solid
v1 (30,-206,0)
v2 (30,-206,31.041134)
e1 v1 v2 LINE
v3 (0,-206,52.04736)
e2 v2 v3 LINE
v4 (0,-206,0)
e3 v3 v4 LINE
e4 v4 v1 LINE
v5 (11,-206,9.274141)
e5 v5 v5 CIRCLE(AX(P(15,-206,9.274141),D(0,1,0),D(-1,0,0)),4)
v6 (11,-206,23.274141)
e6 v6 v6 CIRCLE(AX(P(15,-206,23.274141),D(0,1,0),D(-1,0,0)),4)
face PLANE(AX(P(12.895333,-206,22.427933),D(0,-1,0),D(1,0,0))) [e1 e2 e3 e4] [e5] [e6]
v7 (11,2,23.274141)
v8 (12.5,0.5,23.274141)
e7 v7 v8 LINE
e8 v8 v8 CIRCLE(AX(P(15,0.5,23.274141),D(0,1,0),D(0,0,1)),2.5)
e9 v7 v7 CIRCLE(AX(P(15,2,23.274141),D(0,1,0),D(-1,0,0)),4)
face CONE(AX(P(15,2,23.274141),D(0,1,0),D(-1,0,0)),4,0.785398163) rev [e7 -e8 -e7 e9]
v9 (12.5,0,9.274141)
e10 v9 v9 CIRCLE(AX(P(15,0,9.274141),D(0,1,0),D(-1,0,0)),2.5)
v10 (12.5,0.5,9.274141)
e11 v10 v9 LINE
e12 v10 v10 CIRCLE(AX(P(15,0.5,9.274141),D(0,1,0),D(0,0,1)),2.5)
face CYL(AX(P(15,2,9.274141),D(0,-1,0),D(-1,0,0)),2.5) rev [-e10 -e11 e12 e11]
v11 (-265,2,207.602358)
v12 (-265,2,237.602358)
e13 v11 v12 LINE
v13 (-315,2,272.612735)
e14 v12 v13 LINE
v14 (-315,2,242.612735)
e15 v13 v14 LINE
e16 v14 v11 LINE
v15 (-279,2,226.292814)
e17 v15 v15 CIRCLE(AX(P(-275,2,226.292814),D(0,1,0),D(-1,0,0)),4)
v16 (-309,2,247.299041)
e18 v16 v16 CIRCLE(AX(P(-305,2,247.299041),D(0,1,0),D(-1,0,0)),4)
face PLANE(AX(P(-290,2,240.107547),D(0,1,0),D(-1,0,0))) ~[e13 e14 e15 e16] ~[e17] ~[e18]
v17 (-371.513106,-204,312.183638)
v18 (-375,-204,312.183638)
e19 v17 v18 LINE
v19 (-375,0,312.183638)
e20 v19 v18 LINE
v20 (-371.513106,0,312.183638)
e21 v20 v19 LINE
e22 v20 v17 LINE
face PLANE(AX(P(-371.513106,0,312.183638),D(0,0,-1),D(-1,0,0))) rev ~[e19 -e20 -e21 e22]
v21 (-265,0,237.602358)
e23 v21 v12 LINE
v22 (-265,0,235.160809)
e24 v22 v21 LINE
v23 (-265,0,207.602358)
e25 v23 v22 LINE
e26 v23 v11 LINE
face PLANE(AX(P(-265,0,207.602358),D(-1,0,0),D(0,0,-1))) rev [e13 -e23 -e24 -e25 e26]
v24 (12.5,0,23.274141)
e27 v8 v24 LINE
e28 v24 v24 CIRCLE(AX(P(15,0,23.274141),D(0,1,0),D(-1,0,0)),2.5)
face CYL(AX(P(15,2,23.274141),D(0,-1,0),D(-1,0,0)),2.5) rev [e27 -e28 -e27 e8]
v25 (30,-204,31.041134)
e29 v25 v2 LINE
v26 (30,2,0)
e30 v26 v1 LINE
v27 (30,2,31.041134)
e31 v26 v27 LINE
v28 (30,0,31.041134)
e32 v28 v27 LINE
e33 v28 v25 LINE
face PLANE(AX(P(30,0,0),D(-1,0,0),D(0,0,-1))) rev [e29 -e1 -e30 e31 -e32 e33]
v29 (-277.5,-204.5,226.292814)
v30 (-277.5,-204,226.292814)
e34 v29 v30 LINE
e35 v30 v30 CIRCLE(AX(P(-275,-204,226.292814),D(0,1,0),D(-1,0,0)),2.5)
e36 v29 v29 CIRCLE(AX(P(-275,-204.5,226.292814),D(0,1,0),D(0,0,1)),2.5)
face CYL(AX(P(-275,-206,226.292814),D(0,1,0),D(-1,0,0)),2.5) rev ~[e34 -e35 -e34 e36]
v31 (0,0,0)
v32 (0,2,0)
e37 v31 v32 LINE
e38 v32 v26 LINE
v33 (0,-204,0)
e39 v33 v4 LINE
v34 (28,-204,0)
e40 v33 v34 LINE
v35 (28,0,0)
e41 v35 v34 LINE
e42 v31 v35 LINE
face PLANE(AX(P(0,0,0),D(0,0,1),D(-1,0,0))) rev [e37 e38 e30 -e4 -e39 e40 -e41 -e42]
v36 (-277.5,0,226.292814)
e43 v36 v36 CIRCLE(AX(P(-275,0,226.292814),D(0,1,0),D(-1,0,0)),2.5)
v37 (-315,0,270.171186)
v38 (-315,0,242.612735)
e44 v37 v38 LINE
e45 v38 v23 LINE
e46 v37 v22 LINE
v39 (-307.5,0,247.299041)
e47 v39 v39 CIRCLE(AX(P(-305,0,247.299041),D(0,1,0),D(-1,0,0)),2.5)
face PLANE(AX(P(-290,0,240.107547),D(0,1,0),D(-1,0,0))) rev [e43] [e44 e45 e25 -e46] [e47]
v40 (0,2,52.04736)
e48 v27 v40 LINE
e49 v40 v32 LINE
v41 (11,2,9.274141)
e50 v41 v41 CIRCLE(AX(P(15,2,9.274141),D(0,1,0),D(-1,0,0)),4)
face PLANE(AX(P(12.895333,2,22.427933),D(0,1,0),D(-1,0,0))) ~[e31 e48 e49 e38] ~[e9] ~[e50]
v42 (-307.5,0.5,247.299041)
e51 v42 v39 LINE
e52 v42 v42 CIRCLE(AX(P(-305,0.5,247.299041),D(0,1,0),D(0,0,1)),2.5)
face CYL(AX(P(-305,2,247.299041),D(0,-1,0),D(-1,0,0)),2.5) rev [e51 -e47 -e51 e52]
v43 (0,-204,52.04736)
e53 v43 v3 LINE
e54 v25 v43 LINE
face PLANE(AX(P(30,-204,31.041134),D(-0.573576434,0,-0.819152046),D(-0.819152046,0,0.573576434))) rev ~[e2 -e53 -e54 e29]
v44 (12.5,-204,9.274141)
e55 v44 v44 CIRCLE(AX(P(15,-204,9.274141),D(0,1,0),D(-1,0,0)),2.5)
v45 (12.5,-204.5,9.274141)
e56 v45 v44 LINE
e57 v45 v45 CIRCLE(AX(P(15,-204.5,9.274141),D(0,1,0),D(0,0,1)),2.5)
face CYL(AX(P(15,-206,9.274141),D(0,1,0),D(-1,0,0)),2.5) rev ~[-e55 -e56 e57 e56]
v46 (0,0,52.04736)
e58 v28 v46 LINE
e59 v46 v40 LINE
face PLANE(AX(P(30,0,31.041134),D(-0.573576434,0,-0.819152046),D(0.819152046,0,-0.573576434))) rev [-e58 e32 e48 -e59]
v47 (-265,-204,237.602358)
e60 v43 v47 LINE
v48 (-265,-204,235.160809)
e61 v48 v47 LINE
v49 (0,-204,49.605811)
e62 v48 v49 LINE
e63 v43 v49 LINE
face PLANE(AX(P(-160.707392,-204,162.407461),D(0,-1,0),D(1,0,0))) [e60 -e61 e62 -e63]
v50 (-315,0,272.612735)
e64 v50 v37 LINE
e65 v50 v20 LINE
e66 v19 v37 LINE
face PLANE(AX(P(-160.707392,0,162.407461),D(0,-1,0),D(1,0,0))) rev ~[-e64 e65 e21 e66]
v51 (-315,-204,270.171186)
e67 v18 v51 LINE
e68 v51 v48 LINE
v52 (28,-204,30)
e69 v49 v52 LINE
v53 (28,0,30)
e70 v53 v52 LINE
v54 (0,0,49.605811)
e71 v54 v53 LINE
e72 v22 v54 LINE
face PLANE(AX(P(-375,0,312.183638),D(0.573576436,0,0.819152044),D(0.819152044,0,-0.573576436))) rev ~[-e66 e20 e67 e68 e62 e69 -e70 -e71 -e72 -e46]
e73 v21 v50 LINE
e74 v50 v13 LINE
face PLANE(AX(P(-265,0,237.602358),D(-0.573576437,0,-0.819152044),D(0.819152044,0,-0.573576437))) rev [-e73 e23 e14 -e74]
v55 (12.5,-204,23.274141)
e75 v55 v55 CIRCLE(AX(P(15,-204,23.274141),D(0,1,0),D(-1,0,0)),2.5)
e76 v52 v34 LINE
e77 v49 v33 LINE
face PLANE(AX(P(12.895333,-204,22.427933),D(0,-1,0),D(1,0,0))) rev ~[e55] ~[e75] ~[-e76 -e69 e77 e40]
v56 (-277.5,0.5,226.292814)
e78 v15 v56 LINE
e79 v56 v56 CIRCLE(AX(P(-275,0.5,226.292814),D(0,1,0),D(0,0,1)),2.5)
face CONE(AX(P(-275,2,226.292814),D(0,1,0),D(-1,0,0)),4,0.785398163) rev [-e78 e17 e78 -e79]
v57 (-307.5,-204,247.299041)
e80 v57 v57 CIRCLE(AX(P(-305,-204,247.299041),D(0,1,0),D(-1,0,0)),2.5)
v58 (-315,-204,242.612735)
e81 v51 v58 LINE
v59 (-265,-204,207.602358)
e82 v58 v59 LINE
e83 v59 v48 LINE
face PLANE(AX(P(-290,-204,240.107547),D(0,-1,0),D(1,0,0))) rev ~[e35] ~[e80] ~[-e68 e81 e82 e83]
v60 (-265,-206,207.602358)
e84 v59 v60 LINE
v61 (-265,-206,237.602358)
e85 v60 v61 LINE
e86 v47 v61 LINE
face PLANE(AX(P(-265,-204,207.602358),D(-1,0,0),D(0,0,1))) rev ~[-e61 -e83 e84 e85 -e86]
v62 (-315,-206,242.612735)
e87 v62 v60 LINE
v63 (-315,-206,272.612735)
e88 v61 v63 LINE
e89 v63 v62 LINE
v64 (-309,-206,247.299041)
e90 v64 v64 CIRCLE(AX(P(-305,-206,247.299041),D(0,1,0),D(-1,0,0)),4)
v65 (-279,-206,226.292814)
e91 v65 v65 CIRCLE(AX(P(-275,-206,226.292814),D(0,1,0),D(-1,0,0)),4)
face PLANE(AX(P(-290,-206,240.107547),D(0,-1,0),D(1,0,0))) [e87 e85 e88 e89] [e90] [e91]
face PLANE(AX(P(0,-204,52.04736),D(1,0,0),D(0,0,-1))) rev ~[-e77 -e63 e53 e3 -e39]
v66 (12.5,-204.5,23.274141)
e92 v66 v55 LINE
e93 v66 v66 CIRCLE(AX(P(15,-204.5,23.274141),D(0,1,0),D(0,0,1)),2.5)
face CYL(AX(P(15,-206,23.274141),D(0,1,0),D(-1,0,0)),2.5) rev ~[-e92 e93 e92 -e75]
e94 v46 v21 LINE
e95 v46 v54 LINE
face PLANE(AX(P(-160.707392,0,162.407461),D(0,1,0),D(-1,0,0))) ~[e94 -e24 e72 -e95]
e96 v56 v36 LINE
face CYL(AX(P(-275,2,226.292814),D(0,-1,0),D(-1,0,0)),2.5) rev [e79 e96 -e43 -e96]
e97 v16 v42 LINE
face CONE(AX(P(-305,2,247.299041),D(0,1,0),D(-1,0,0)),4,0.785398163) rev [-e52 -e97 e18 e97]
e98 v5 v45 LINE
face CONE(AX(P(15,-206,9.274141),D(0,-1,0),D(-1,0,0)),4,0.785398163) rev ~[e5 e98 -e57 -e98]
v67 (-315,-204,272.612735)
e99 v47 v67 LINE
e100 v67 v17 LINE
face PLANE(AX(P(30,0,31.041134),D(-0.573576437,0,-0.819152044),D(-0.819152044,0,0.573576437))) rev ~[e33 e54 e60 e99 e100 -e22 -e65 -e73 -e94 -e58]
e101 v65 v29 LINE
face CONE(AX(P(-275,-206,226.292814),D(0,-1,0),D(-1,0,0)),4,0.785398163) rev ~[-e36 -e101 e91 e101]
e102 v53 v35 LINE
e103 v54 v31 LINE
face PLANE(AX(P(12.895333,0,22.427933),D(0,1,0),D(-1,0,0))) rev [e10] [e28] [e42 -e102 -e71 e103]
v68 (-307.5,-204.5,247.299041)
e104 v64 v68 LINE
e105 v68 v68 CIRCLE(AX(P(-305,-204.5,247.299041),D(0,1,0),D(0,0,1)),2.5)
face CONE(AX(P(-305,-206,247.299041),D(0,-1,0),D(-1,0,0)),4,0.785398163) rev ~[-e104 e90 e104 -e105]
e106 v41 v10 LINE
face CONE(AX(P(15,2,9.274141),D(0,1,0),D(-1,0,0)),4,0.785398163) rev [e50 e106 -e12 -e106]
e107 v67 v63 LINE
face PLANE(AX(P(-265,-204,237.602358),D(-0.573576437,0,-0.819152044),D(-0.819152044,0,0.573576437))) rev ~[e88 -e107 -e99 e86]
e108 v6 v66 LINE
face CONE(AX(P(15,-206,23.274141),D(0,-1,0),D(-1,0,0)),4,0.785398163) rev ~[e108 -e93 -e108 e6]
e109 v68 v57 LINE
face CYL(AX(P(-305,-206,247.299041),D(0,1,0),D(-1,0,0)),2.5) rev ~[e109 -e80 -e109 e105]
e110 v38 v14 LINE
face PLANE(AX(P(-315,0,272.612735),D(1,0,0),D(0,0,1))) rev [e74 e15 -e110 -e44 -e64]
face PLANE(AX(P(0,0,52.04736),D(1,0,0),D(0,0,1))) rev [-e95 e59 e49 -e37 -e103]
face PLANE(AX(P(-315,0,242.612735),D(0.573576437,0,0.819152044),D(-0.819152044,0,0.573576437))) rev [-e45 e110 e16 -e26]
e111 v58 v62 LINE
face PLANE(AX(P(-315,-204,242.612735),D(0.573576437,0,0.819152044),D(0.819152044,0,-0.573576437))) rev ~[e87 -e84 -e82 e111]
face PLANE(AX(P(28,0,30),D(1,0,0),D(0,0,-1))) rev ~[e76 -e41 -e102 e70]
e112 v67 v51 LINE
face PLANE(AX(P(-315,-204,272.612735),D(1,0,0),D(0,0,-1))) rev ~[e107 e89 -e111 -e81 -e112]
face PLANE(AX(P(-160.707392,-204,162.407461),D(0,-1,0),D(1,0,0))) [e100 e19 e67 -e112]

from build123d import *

# Parameters (mm, degrees)
F1_DEPTH       = 204
F5_DEPTH       = 2
F7_D           = 5
F7_DEPTH       = 10
F7_CSINK_D     = 8
F7_CSINK_ANGLE = 90
F8_D           = 5
F8_DEPTH       = 10
F8_CSINK_D     = 8
F8_CSINK_ANGLE = 90


with BuildPart() as f1:
    # F0 (on Front) → F1 (new body)
    with BuildSketch(Plane.XZ):
        Polygon((30, 0), (30, 31.041134), (-371.513106, 312.183638), (-375, 312.183638), (28, 30), (28, 0), align=None)
    extrude(amount=F1_DEPTH)

    # F4 (on offset) → F5 (join)
    with BuildSketch(Plane.XZ.offset(204)):
        Polygon((0, 52.04736), (0, 0), (30, 0), (30, 31.041134), align=None)
        Polygon((-265, 237.602358), (-315, 272.612735), (-315, 242.612735), (-265, 207.602358), align=None)
    extrude(amount=F5_DEPTH)

    # F7
    with Locations(Plane.XZ.offset(206)):
        with Locations((15, 23.274141), (15, 9.274141)):
            CounterSinkHole(F7_D / 2, F7_CSINK_D / 2, depth=F7_DEPTH, counter_sink_angle=F7_CSINK_ANGLE)

    # F8
    with Locations(Plane.XZ.offset(206)):
        with Locations((-305, 247.299041), (-275, 226.292814)):
            CounterSinkHole(F8_D / 2, F8_CSINK_D / 2, depth=F8_DEPTH, counter_sink_angle=F8_CSINK_ANGLE)

    # F9: F1 across plane


with BuildPart() as f1_1:
    add(f1.part)
    add(f1.part.mirror(Plane.XZ.offset(102)))


solid = f1_1.part
